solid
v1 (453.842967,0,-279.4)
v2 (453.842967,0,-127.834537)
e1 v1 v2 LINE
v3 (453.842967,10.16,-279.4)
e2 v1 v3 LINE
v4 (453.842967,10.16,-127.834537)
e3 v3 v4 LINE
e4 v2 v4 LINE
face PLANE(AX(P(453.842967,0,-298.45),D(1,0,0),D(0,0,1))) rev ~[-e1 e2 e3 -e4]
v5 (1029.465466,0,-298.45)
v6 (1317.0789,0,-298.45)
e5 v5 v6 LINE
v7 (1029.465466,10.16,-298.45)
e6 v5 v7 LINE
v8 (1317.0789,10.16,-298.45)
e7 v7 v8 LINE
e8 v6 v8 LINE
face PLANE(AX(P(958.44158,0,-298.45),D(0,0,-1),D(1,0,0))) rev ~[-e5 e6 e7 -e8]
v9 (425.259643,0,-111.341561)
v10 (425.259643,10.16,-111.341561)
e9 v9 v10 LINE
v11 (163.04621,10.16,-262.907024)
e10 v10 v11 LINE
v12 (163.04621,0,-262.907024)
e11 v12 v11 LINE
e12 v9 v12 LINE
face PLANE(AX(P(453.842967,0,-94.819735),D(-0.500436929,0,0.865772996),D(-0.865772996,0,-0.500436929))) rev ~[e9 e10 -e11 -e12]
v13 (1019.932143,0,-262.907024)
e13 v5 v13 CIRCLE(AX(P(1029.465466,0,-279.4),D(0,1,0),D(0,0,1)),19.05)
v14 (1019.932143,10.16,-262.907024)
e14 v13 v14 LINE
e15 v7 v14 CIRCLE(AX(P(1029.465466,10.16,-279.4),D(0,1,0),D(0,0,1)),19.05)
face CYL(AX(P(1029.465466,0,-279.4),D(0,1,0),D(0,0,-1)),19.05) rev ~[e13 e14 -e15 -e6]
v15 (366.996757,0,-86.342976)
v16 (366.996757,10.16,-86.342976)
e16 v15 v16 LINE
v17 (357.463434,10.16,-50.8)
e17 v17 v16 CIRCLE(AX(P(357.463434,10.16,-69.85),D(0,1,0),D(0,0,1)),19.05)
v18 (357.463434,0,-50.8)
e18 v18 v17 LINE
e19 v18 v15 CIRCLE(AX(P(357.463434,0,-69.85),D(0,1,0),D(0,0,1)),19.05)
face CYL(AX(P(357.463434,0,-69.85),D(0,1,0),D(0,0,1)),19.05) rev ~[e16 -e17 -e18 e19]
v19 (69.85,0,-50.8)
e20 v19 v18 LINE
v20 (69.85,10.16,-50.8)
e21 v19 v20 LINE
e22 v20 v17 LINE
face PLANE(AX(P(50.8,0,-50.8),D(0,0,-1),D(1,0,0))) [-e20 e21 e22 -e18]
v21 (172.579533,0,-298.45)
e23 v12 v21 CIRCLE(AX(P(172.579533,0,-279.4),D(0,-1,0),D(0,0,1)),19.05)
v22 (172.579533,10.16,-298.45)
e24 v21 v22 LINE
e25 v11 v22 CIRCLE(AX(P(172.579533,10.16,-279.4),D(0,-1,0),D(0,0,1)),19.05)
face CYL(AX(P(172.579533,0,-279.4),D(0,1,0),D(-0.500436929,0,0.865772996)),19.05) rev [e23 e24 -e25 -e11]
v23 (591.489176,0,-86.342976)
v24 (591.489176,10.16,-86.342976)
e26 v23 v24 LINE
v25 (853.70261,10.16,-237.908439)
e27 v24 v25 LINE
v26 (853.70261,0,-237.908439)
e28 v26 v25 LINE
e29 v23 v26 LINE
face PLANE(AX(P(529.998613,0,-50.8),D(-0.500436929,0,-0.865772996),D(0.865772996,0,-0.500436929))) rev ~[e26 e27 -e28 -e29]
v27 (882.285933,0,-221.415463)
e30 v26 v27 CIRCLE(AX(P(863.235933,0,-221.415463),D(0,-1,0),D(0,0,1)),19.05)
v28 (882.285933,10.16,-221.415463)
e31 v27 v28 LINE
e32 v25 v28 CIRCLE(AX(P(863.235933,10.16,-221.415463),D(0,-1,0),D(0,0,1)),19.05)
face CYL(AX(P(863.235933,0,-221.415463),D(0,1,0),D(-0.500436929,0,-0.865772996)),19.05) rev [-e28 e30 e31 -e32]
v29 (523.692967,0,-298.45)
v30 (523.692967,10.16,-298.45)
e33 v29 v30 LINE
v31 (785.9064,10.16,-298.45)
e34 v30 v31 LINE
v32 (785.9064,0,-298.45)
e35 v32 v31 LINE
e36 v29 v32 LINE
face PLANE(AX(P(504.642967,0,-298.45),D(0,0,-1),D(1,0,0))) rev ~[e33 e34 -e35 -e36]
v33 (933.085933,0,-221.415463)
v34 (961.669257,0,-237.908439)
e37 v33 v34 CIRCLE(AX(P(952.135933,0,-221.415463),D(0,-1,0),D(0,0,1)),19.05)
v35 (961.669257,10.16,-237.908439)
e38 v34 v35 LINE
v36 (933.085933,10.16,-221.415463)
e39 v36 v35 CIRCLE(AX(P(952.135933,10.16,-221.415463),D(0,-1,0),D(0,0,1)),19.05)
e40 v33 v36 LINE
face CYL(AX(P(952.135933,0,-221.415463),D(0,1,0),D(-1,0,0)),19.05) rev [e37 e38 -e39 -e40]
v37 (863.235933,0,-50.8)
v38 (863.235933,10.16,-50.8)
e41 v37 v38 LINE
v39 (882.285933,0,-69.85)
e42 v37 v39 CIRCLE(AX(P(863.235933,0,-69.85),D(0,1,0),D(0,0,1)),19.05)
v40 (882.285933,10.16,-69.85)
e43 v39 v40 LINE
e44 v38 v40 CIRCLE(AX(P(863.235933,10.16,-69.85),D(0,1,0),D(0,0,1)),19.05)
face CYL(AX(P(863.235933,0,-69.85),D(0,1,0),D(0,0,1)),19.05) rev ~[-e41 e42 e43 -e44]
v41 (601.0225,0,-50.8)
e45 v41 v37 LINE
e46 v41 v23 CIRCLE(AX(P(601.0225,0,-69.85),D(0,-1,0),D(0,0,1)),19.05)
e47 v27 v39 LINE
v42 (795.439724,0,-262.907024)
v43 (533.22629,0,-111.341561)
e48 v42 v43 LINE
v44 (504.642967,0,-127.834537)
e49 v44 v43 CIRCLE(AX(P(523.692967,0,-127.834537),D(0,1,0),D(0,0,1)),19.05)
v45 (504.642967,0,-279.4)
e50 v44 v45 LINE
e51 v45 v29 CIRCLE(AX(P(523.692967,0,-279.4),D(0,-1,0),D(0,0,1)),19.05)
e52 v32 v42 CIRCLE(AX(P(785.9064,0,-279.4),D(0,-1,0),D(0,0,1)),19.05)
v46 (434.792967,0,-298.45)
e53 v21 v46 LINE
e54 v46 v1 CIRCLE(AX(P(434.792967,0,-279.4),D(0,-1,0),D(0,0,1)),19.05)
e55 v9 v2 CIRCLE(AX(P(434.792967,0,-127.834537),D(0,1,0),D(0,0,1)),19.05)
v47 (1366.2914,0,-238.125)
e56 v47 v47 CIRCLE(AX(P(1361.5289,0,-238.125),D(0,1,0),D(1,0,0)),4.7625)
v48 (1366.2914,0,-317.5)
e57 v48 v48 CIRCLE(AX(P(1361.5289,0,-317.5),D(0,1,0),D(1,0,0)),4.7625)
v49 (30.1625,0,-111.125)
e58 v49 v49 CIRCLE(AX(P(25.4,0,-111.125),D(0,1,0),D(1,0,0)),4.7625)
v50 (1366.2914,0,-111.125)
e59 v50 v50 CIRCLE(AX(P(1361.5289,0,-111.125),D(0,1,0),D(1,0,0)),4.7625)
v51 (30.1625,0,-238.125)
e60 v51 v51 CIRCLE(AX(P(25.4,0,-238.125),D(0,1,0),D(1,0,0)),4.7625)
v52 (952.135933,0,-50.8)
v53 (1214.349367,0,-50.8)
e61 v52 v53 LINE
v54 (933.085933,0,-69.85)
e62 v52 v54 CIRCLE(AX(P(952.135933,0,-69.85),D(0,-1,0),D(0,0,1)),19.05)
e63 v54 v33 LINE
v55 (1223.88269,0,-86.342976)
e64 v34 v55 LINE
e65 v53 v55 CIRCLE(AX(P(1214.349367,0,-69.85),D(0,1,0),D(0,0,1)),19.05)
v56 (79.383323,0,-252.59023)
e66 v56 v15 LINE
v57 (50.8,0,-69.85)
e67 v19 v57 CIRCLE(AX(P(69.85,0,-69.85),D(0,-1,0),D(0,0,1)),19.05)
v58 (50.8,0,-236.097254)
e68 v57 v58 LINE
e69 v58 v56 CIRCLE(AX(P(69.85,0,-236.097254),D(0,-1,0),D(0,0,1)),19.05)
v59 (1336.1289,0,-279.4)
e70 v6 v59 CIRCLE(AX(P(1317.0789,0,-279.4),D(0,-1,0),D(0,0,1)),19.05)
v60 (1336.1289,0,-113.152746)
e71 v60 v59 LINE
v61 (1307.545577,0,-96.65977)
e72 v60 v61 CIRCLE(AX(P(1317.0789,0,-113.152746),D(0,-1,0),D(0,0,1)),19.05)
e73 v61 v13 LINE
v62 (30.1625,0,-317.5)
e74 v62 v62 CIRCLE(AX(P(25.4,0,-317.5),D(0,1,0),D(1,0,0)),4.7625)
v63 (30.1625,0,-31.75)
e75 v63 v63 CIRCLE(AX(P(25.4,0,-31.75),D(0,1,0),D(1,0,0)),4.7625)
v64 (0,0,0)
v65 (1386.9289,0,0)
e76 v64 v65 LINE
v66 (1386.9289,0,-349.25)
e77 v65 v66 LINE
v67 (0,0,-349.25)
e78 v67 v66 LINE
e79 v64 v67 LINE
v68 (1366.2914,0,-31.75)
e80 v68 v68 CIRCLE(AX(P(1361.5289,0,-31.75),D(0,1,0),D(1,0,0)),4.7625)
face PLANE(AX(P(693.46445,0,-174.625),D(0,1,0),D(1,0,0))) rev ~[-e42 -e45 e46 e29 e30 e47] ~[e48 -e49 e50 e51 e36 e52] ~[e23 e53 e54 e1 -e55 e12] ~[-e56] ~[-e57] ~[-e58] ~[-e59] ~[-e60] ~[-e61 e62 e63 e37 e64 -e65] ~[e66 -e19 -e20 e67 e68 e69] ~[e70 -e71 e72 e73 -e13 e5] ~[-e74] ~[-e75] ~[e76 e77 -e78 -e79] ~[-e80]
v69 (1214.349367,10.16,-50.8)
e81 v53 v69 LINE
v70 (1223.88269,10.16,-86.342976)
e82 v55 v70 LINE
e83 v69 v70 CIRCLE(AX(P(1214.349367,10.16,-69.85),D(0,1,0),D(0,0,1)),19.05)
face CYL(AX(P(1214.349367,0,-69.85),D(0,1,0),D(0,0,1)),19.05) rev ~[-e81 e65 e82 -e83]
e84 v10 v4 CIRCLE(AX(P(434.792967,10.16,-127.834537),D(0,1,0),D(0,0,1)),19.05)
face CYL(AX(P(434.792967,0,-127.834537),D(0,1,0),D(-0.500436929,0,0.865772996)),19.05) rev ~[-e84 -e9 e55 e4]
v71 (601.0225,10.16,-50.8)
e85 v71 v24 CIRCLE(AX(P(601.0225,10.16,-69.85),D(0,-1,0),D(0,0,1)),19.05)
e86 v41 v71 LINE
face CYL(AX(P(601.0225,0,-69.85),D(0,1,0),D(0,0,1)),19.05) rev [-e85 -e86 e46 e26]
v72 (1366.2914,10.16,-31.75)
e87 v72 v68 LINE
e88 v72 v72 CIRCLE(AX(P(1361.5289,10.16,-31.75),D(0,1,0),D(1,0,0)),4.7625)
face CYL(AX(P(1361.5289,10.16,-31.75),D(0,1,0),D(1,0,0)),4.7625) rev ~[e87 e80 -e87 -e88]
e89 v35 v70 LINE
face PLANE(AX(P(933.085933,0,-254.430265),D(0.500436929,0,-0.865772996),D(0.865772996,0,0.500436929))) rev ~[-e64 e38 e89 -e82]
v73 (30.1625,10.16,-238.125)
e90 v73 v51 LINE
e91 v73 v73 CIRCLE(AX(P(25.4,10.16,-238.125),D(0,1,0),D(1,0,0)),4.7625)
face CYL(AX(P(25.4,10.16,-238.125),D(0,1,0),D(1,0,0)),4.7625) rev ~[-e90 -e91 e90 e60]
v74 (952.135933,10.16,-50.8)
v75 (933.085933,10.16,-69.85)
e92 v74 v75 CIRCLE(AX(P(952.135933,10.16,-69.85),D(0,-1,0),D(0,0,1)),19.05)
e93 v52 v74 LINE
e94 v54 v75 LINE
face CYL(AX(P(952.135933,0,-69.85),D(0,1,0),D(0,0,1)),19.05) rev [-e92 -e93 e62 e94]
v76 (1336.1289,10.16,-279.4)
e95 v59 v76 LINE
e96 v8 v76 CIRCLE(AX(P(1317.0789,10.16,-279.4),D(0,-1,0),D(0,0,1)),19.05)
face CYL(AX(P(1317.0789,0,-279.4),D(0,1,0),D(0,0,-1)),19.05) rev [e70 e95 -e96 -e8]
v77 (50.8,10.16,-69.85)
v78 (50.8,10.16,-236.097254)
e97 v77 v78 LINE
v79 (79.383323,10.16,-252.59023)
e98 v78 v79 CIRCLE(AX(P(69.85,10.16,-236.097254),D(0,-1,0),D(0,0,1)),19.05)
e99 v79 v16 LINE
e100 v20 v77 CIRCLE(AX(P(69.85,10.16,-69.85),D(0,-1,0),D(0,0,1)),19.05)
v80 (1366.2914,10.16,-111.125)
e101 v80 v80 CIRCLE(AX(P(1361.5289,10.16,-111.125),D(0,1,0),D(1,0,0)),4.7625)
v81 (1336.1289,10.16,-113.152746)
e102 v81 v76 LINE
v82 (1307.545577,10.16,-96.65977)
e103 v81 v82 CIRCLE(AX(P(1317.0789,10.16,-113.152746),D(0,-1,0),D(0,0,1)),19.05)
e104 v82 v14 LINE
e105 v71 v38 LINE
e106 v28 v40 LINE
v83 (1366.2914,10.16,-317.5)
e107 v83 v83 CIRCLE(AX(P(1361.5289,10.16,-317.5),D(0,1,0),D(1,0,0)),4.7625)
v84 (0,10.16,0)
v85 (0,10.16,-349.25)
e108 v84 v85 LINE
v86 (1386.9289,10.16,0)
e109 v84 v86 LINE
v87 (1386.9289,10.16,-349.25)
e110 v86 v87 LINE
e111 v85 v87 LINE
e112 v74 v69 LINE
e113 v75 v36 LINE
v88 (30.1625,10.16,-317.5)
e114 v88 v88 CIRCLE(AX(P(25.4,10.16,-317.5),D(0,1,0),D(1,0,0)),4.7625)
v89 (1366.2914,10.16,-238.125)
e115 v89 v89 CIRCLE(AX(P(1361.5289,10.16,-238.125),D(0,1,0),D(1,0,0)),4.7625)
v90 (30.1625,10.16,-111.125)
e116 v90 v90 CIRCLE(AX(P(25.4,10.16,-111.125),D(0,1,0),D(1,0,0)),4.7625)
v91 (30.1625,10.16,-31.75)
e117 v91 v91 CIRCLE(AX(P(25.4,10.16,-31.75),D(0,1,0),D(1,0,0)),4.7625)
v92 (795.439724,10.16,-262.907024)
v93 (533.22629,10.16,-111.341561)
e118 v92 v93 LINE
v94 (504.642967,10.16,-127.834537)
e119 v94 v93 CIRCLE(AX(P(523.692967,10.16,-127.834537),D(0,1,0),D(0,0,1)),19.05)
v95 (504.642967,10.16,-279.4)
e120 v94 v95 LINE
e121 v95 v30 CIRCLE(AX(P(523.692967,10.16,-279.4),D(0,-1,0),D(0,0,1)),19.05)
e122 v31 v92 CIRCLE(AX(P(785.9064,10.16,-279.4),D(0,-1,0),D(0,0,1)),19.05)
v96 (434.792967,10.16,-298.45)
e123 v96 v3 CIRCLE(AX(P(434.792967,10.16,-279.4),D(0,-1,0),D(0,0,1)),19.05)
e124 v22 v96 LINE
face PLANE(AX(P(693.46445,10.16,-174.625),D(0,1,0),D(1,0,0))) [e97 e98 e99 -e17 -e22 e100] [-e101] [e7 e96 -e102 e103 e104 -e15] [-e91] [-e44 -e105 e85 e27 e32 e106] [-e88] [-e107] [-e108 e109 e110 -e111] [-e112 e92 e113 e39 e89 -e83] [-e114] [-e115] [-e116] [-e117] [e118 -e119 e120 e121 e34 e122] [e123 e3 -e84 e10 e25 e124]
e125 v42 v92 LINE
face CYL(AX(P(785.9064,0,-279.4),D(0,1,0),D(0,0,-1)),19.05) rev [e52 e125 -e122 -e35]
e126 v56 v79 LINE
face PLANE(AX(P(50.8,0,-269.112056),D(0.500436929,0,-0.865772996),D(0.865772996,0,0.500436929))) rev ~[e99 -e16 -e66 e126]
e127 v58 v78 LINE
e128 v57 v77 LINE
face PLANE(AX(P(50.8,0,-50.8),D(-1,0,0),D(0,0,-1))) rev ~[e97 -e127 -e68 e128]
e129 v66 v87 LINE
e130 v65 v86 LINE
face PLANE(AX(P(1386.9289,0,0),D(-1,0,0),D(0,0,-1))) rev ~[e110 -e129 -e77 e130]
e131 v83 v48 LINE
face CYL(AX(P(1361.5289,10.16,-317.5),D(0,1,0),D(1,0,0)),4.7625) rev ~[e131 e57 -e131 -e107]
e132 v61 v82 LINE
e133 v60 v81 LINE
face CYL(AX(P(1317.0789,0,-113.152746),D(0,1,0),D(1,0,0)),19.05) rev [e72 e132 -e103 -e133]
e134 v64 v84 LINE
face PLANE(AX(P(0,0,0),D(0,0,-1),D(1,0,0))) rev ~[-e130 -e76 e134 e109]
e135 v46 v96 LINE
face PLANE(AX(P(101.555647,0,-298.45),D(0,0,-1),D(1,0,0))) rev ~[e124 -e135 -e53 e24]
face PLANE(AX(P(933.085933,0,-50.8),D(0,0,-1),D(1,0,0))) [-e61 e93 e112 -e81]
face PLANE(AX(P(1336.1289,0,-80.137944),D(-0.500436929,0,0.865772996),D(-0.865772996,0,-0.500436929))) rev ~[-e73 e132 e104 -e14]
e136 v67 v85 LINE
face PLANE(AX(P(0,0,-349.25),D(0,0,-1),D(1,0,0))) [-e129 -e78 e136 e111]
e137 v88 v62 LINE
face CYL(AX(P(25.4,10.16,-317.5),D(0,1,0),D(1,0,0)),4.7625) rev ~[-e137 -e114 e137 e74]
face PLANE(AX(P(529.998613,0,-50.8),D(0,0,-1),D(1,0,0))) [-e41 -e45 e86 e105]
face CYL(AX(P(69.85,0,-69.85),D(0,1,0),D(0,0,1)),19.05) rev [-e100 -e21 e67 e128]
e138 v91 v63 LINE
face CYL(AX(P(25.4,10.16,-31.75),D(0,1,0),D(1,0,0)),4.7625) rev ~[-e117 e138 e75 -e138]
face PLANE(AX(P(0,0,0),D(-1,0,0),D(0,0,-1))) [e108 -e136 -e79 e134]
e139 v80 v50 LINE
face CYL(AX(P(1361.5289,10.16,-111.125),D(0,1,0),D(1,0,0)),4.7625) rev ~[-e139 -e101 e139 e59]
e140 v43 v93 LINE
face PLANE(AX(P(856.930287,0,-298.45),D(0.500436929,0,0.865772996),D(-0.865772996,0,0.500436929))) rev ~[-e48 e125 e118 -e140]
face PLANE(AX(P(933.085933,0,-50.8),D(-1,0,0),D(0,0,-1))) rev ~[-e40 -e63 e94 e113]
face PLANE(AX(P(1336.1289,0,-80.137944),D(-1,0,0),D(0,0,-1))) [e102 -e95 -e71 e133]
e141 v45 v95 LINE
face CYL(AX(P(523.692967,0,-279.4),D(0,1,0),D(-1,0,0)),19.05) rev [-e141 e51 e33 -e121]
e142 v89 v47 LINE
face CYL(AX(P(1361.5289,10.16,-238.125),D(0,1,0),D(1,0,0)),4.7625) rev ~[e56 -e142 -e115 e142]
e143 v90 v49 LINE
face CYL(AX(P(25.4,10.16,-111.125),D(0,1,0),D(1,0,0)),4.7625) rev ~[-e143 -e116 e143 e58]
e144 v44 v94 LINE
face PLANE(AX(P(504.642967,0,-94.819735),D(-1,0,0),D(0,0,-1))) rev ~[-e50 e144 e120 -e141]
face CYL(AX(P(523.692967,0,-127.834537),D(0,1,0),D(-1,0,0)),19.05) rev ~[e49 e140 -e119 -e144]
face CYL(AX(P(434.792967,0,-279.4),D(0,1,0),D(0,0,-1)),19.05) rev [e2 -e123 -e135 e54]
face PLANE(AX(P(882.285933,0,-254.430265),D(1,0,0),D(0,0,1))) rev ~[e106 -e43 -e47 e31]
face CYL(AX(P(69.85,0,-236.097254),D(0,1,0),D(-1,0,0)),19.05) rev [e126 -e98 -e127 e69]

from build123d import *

# Parameters (mm, degrees)
SKETCH1_W           = 1386.9289
SKETCH1_H           = 349.25
SKETCH1_W_2         = 1285.3289
SKETCH1_H_2         = 247.65
BOSS_EXTRUDE1_DEPTH = 10.16
FILLET1_R           = 19.05
SKETCH4_R           = 4.7625
CUT_EXTRUDE1_DEPTH  = 11.16


with BuildPart() as part:
    # Sketch1 → Boss-Extrude1 (new body)
    with BuildSketch(Plane(origin=(0, 0, 0), x_dir=(1, 0, 0), z_dir=(0, 1, 0))):
        with Locations((693.46445, 174.625)):
            Rectangle(SKETCH1_W, SKETCH1_H)
        with Locations((693.46445, 174.625)):
            Rectangle(SKETCH1_W_2, SKETCH1_H_2, mode=Mode.SUBTRACT)
        Polygon((453.842966667, 65.481790785), (50.8, 298.45), (50.8, 269.112055616), (428.487319876, 50.8), (453.842966667, 50.8), align=None)
        Polygon((101.55564679, 298.45), (50.8, 298.45), (453.842966667, 65.481790785), (453.842966667, 94.819735169), align=None)
        Polygon((453.842966667, 94.819735169), (453.842966667, 65.481790785), (453.842966667, 50.8), (479.242966667, 50.8), (479.242966667, 298.45), (453.842966667, 298.45), align=None)
        Polygon((504.642966667, 298.45), (479.242966667, 298.45), (479.242966667, 50.8), (504.642966667, 50.8), (504.642966667, 65.481790785), (504.642966667, 94.819735169), align=None)
        Polygon((882.285933333, 298.45), (856.930286543, 298.45), (504.642966667, 94.819735169), (504.642966667, 65.481790785), (882.285933333, 283.768209215), align=None)
        Polygon((504.642966667, 65.481790785), (504.642966667, 50.8), (529.998613457, 50.8), (882.285933333, 254.430264831), (882.285933333, 283.768209215), align=None)
        Polygon((907.685933333, 298.45), (882.285933333, 298.45), (882.285933333, 283.768209215), (882.285933333, 254.430264831), (882.285933333, 50.8), (907.685933333, 50.8), align=None)
        Polygon((933.085933333, 298.45), (907.685933333, 298.45), (907.685933333, 50.8), (933.085933333, 50.8), (933.085933333, 254.430264831), (933.085933333, 283.768209215), align=None)
        Polygon((1336.1289, 50.8), (933.085933333, 283.768209215), (933.085933333, 254.430264831), (1285.37325321, 50.8), align=None)
        Polygon((958.441580124, 298.45), (933.085933333, 298.45), (933.085933333, 283.768209215), (1336.1289, 50.8), (1336.1289, 80.137944384), align=None)
    extrude(amount=BOSS_EXTRUDE1_DEPTH)

    # Fillet1
    fillet1_edges = [part.edges().sort_by_distance(p)[0] for p in [
        (428.487319876, 5.08, -50.8),
        (50.8, 5.08, -269.112055616),
        (50.8, 5.08, -50.8),
        (1336.1289, 5.08, -80.137944384),
        (1336.1289, 5.08, -298.45),
        (958.441580124, 5.08, -298.45),
        (856.930286543, 5.08, -298.45),
        (504.642966667, 5.08, -298.45),
        (504.642966667, 5.08, -94.819735169),
        (453.842966667, 5.08, -298.45),
        (101.55564679, 5.08, -298.45),
        (453.842966667, 5.08, -94.819735169),
        (529.998613457, 5.08, -50.8),
        (882.285933333, 5.08, -50.8),
        (882.285933333, 5.08, -254.430264831),
        (933.085933333, 5.08, -50.8),
        (1285.37325321, 5.08, -50.8),
        (933.085933333, 5.08, -254.430264831),
    ]]
    fillet(fillet1_edges, radius=FILLET1_R)

    # Sketch4 → Cut-Extrude1 (cut, through all)
    with BuildSketch(Plane(origin=(0, 10.16, 0), x_dir=(1, 0, 0), z_dir=(0, 1, 0))):
        with Locations((25.4, 317.5)):
            Circle(SKETCH4_R)
        with Locations((25.4, 238.125)):
            Circle(SKETCH4_R)
        with Locations((25.4, 111.125)):
            Circle(SKETCH4_R)
        with Locations((25.4, 31.75)):
            Circle(SKETCH4_R)
        with Locations((1361.5289, 31.75)):
            Circle(SKETCH4_R)
        with Locations((1361.5289, 111.125)):
            Circle(SKETCH4_R)
        with Locations((1361.5289, 238.125)):
            Circle(SKETCH4_R)
        with Locations((1361.5289, 317.5)):
            Circle(SKETCH4_R)
    extrude(amount=-CUT_EXTRUDE1_DEPTH, mode=Mode.SUBTRACT)


solid = part.part
